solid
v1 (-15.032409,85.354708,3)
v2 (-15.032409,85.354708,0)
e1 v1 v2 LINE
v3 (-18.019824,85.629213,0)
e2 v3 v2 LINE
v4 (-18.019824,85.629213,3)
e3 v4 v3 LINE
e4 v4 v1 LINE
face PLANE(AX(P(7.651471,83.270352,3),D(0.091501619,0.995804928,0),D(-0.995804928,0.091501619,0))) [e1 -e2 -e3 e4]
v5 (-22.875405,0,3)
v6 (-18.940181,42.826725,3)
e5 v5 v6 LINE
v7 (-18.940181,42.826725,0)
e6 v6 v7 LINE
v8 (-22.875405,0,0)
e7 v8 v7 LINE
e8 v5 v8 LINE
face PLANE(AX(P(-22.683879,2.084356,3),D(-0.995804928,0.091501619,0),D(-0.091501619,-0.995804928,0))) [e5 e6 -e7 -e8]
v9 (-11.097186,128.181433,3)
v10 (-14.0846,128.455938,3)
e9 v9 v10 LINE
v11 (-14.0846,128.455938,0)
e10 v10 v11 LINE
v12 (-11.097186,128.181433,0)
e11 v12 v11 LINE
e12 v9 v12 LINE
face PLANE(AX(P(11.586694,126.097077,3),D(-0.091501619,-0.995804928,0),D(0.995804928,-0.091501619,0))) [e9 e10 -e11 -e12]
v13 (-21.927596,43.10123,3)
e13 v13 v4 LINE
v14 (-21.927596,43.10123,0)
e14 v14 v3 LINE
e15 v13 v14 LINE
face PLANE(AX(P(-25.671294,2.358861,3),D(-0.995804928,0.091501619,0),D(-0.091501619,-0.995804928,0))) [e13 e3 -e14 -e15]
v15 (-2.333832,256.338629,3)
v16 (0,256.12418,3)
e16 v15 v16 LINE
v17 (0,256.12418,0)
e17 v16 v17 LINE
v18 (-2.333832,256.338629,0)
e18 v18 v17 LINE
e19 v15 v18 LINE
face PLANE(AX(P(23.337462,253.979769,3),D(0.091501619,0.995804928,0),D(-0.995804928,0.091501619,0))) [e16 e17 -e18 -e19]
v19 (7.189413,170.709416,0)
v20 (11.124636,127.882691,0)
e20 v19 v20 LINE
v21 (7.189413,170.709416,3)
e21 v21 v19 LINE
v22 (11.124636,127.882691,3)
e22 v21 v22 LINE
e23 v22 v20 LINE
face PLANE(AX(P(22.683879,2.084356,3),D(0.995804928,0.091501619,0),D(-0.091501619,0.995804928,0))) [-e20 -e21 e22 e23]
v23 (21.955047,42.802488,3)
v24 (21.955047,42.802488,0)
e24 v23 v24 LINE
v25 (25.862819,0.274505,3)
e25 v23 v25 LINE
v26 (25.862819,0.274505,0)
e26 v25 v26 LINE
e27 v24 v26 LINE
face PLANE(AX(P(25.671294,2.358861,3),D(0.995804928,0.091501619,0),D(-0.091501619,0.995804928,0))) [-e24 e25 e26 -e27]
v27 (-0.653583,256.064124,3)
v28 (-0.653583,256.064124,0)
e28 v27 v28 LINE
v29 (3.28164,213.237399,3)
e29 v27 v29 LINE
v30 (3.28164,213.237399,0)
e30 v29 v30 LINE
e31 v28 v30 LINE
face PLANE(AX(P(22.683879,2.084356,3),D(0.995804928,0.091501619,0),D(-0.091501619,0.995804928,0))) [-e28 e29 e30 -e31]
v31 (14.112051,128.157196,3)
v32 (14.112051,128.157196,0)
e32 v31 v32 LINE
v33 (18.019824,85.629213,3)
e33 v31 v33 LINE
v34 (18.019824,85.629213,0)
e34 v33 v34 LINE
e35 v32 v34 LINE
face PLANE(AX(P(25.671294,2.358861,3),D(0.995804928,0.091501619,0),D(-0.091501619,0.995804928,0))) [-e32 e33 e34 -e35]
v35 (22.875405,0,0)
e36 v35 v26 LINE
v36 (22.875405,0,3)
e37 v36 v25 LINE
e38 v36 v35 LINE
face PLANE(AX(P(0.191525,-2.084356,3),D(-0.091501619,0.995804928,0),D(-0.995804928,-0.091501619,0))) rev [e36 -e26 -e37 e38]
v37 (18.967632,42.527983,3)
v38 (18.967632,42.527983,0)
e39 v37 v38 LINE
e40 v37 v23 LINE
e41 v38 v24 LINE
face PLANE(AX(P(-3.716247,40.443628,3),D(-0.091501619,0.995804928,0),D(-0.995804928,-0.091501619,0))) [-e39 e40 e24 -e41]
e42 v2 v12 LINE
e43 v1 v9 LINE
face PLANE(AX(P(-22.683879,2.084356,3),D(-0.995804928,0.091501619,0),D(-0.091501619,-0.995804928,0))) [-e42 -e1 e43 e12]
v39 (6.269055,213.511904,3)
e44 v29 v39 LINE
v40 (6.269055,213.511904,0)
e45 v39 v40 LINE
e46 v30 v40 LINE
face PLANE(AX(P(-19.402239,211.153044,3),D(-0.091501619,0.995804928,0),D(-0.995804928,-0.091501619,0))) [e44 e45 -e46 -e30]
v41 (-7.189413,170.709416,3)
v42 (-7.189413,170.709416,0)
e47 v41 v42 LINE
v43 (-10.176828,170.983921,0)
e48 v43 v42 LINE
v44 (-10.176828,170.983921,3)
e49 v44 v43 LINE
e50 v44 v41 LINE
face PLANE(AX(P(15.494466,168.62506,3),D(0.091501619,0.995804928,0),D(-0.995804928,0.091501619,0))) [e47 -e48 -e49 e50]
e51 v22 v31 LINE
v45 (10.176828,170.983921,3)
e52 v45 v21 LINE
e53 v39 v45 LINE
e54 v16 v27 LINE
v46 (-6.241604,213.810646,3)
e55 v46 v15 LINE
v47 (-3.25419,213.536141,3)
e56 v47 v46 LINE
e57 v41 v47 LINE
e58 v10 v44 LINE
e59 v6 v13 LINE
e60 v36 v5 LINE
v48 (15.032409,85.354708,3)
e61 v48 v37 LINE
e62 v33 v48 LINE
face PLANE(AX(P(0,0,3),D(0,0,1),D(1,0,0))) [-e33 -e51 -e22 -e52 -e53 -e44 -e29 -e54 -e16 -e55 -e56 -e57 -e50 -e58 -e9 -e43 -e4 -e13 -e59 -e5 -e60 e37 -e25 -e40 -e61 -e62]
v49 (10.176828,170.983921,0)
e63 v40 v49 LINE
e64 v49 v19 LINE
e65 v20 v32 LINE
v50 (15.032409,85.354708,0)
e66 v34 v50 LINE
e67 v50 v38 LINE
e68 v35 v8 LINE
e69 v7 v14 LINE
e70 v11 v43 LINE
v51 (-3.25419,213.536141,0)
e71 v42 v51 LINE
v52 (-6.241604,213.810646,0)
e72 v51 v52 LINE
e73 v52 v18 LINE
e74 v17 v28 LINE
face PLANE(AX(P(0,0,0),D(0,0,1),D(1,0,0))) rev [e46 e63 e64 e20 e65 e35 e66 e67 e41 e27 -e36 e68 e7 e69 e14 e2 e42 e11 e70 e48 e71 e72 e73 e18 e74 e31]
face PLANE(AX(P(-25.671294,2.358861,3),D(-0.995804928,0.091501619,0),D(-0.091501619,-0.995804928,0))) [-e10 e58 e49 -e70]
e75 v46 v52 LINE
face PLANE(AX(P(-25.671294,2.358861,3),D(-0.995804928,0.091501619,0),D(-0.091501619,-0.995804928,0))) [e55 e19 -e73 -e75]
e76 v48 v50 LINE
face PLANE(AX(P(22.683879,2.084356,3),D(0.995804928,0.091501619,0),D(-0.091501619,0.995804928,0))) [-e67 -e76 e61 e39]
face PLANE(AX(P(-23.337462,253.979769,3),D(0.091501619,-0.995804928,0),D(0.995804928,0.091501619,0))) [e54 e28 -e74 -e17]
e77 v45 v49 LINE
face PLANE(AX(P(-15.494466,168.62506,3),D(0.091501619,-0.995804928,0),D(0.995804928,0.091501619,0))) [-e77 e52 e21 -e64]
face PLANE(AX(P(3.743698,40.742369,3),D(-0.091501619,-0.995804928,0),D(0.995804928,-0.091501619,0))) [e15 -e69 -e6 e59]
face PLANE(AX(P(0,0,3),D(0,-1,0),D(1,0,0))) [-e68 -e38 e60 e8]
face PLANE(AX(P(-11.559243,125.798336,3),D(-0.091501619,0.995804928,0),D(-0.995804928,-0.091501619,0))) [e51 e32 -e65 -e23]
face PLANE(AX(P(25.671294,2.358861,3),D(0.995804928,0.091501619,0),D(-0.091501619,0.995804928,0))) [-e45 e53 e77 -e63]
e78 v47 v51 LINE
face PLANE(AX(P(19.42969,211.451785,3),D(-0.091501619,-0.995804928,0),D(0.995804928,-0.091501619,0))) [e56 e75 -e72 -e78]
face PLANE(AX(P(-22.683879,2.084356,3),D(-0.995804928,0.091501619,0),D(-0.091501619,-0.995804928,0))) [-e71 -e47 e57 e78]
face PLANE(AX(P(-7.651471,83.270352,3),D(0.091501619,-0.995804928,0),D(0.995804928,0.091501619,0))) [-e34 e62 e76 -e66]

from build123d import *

# Parameters (mm, degrees)
BOSS_EXTRUDE1_DEPTH = 3


with BuildPart() as part:
    # Sketch1 → Boss-Extrude1 (new body)
    with BuildSketch(Plane.XY):
        Polygon((-0.65358299, 256.064124233), (0, 256.124180074), (-2.333831792, 256.338629089), (-6.241604492, 213.81064579), (-3.254189709, 213.536140934), (-7.189412895, 170.709416156), (-10.176827678, 170.983921012), (-14.084600378, 128.455937712), (-11.097185595, 128.181432856), (-15.03240878, 85.354708078), (-18.019823563, 85.629212934), (-21.927596263, 43.101229634), (-18.94018148, 42.826724778), (-22.875404666, 0), (22.875404666, 0), (25.862819449, 0.274504856), (21.955046749, 42.802488156), (18.967631966, 42.5279833), (15.03240878, 85.354708078), (18.019823563, 85.629212934), (14.112050863, 128.157196234), (11.12463608, 127.882691378), (7.189412895, 170.709416156), (10.176827678, 170.983921012), (6.269054978, 213.511904311), (3.281640195, 213.237399455), align=None)
    extrude(amount=BOSS_EXTRUDE1_DEPTH)


solid = part.part
